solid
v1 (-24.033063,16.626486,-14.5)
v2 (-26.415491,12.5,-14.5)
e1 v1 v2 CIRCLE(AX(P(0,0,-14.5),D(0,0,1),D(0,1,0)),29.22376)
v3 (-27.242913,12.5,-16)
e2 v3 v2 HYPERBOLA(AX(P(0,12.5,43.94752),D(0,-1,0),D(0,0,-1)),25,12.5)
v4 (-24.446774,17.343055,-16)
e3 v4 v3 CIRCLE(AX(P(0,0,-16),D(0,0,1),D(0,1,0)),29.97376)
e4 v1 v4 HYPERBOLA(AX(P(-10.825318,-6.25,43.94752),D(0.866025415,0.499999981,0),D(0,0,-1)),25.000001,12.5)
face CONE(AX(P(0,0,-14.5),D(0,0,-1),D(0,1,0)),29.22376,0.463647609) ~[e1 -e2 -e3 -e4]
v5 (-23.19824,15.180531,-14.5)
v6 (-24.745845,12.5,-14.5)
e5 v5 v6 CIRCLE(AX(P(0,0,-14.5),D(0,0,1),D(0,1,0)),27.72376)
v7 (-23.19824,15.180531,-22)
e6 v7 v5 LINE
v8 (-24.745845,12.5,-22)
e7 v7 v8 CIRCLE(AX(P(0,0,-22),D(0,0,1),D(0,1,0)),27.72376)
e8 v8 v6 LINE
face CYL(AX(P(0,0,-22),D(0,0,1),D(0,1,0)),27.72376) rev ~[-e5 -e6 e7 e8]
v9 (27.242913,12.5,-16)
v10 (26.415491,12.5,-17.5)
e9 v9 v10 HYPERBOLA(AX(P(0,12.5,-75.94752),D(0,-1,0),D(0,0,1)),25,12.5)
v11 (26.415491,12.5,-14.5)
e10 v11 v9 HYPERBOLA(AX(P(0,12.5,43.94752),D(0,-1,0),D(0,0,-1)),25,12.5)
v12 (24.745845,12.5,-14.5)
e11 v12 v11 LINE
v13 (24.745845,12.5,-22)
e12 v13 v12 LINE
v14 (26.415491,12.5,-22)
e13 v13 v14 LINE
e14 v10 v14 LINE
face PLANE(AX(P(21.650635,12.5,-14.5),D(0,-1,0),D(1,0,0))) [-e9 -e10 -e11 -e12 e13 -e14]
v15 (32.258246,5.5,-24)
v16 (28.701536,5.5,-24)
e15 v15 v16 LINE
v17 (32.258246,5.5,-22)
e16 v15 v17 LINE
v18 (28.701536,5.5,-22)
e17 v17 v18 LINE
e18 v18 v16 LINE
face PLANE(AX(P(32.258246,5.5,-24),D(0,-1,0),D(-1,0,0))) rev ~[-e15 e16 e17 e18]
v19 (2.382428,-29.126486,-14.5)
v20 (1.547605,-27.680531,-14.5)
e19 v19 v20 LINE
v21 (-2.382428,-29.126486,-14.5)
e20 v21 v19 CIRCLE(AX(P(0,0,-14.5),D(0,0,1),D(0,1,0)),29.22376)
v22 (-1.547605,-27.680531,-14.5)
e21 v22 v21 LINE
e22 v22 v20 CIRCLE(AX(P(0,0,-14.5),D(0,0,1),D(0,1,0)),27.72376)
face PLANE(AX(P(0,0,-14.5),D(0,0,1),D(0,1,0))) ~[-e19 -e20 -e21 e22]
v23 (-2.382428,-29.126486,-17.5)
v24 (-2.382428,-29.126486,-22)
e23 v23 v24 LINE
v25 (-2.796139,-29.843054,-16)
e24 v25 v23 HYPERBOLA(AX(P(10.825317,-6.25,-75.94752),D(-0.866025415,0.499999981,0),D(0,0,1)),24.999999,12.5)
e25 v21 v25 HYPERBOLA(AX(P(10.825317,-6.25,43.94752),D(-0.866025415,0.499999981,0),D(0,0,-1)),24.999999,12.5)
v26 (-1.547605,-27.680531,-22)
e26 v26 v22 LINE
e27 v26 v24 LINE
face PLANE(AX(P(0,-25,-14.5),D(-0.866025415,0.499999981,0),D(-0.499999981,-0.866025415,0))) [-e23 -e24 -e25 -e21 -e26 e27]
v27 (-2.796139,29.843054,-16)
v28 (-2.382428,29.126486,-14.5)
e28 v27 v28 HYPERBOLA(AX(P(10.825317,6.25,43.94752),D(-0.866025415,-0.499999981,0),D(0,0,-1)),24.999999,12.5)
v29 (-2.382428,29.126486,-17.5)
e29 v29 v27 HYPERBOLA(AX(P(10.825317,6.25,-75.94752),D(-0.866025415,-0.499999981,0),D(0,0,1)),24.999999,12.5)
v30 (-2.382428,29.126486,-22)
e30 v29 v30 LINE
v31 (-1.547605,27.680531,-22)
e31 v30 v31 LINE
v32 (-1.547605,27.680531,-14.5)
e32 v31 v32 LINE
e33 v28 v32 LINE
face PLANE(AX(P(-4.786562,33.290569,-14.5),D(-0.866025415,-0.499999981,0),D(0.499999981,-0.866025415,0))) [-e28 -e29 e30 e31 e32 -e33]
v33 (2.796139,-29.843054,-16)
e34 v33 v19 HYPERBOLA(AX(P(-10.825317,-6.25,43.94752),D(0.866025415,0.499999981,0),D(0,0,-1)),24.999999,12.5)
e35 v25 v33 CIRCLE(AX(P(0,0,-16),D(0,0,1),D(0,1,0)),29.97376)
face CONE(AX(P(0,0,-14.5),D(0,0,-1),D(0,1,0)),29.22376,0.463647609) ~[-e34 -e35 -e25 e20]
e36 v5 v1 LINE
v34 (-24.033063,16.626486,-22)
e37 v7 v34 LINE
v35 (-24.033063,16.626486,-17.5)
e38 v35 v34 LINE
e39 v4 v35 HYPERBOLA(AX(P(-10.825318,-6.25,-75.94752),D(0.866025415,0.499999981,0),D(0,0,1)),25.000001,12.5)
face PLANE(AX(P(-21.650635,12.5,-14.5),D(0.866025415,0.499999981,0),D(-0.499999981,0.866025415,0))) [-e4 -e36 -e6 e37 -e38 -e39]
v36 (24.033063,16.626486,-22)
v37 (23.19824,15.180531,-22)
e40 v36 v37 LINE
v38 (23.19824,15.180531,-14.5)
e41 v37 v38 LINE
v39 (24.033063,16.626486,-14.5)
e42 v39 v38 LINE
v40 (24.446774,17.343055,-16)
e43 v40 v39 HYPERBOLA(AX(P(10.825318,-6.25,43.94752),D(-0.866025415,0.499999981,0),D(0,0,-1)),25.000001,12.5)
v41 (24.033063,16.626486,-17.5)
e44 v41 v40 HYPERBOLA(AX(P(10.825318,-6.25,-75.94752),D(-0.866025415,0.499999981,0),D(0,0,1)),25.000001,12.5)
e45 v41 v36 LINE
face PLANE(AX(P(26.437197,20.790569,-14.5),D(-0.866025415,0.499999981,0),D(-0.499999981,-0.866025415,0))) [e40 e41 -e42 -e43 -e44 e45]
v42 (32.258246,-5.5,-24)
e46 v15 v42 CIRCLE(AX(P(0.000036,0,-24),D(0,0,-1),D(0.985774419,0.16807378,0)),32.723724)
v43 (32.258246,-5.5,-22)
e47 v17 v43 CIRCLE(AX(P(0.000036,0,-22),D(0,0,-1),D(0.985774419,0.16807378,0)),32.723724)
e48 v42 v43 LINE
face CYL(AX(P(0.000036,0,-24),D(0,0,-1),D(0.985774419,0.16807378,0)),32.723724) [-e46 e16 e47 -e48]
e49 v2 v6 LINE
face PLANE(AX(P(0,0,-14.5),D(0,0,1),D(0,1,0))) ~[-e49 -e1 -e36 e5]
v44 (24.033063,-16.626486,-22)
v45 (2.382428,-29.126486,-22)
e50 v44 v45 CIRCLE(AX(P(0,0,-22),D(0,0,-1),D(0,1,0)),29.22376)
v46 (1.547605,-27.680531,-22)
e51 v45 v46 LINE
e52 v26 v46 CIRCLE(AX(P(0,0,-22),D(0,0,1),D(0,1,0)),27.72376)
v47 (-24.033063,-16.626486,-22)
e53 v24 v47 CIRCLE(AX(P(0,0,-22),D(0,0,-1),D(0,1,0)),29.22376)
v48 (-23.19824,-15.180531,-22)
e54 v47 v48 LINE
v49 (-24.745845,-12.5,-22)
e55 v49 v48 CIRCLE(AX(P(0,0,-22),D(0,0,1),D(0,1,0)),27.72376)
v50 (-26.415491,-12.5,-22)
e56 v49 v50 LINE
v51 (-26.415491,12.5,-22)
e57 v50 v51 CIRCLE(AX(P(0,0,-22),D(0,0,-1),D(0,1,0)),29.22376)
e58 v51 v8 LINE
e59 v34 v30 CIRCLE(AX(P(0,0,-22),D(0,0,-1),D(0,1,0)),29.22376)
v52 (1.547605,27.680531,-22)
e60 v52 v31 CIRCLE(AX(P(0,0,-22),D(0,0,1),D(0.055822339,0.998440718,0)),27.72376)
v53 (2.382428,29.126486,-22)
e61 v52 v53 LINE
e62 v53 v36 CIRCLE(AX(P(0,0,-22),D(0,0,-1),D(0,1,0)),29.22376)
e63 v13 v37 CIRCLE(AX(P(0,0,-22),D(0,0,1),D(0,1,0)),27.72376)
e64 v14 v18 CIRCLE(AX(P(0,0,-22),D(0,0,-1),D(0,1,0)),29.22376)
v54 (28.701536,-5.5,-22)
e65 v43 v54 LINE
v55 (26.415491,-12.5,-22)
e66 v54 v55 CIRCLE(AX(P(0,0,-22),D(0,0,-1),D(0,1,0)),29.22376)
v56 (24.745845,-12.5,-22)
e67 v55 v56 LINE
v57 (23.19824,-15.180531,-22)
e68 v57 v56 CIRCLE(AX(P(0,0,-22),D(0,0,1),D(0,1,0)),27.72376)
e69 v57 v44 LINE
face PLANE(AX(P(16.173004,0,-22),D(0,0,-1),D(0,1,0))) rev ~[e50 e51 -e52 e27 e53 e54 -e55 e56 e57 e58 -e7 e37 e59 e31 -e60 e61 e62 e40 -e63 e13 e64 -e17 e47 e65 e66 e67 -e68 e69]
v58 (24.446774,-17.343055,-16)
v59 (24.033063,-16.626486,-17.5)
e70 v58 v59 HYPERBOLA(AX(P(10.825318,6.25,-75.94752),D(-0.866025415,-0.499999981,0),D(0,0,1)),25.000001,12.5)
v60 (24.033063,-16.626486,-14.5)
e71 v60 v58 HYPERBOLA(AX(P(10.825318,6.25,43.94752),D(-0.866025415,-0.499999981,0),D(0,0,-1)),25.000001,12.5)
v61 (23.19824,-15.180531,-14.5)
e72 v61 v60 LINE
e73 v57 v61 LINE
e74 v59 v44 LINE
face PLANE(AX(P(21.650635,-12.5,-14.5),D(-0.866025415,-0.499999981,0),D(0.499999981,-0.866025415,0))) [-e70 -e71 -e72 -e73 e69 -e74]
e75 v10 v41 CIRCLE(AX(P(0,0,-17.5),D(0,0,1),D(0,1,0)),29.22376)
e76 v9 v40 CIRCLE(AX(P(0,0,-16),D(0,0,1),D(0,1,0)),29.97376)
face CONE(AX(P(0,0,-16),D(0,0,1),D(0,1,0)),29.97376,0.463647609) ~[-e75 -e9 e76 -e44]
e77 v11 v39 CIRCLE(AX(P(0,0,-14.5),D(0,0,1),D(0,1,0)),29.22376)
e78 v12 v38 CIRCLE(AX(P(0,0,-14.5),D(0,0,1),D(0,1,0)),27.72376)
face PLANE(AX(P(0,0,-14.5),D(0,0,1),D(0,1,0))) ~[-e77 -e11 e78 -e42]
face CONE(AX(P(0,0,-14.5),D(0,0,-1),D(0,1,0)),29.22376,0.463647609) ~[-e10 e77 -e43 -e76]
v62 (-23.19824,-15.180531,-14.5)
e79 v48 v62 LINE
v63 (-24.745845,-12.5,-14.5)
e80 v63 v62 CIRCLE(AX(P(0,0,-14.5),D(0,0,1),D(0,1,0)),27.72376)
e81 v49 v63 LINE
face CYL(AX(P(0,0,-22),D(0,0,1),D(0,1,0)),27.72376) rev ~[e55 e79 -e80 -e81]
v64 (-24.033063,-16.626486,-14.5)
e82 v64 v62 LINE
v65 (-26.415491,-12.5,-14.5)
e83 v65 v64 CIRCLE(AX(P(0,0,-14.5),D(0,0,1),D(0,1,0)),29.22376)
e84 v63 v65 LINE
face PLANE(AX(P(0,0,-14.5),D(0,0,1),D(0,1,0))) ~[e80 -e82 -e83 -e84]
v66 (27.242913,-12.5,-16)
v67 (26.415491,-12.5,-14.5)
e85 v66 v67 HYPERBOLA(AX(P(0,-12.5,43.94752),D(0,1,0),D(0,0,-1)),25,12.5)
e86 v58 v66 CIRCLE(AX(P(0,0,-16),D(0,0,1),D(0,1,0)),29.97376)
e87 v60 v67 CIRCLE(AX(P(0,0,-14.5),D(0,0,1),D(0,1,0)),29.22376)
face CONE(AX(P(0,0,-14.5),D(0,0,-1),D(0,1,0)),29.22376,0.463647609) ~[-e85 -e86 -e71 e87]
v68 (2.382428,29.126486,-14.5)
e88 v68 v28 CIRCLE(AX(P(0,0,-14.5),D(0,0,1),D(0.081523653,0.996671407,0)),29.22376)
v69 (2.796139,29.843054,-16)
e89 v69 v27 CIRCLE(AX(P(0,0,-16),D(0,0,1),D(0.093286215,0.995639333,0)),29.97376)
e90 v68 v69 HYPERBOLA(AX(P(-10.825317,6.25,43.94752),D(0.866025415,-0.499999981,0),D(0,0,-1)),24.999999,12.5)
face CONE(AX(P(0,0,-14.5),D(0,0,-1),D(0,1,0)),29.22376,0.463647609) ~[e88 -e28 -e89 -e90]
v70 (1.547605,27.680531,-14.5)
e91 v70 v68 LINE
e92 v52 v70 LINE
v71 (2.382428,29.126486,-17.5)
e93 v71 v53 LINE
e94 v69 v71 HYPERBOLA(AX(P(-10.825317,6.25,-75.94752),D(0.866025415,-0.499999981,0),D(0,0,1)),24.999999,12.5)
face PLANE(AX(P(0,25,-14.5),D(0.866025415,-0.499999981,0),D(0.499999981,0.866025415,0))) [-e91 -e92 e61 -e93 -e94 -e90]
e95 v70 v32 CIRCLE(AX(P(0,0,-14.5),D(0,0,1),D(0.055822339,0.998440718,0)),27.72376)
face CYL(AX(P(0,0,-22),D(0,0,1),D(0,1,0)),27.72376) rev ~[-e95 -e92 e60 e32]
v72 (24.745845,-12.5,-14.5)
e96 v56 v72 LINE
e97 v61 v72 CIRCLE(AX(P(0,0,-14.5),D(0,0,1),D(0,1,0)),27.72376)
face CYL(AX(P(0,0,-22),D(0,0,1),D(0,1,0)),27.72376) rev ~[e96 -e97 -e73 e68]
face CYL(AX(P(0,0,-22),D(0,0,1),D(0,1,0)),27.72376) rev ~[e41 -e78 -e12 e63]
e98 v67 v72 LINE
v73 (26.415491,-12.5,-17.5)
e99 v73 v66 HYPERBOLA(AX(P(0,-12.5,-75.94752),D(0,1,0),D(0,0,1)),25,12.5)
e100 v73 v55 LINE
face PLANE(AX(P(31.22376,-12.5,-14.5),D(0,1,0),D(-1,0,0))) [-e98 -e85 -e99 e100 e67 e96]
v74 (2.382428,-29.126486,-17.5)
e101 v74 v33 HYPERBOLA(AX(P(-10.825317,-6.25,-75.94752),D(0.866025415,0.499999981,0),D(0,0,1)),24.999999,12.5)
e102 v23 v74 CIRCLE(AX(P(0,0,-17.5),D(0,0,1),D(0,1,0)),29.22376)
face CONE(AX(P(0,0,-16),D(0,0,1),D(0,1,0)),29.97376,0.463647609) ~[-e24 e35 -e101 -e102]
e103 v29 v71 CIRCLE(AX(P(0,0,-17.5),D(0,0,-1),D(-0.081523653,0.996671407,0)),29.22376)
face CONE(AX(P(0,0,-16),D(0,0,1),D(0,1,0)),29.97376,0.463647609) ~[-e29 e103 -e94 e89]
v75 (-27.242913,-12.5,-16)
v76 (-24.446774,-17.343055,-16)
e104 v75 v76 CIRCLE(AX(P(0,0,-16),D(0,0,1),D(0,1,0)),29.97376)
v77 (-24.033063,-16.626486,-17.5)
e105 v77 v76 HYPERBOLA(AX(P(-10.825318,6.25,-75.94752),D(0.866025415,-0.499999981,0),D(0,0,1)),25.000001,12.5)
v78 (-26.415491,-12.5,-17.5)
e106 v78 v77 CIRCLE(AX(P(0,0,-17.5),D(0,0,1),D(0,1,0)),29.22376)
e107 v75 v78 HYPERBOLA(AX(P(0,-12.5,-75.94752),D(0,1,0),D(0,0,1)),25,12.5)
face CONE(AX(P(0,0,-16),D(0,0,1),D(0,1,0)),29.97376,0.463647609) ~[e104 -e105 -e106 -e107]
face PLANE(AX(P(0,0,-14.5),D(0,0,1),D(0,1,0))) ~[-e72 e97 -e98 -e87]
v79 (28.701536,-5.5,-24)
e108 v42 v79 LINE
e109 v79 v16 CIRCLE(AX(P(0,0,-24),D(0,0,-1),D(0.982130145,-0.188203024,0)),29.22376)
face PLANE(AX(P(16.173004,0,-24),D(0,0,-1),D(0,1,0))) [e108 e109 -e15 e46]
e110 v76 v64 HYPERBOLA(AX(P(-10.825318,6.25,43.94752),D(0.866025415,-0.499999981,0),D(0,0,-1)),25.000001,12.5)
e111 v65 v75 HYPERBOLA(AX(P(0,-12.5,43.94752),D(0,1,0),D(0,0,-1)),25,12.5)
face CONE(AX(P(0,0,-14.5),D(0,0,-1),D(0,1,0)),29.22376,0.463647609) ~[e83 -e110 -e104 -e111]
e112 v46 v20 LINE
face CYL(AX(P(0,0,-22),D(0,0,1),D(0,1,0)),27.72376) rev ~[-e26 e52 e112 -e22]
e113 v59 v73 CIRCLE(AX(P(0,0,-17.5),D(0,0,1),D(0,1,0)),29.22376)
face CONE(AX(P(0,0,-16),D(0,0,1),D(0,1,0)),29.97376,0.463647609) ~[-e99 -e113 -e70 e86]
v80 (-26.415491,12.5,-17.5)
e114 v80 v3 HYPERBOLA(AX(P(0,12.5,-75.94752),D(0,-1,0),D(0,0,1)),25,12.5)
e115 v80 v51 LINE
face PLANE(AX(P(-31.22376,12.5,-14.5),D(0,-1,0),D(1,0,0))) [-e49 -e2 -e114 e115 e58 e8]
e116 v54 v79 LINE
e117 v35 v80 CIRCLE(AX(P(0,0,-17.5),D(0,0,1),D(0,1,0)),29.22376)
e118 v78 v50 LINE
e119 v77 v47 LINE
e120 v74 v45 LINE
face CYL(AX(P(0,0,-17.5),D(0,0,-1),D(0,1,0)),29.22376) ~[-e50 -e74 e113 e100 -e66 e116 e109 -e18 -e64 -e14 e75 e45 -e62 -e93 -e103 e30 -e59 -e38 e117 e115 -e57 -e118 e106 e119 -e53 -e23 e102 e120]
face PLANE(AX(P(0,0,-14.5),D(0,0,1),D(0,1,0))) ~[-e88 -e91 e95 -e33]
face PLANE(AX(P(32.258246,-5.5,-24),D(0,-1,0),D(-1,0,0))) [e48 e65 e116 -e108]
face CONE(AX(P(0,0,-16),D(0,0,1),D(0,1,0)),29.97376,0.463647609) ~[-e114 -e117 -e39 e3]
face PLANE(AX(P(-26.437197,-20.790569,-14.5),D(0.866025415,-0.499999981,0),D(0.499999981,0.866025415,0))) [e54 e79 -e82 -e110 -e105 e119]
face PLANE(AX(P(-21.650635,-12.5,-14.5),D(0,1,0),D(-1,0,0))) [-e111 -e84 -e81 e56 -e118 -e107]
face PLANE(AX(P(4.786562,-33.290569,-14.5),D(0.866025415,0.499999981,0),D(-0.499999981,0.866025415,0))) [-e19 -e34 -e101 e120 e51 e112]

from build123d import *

# Parameters (mm, degrees)
POCKET002_DEPTH = 7.5
PAD001_DEPTH    = 2


with BuildPart() as part:
    # Sketch004 → Revolution001 (revolve)
    with BuildSketch(Plane.YZ):
        Polygon((0, -22), (27.72376, -22), (27.72376, -14.5), (29.22376, -14.5), (29.97376, -16), (29.22376, -17.5), (29.22376, -24), (0, -24), align=None)
    revolve(axis=Axis((0, 0, 0), (0, 0, 1)))

    # Sketch005 (on Face3 of Revolution001) → Pocket002 (cut)
    with BuildSketch(Plane(origin=(0, 0, -14.5), x_dir=(0, -1, 0), z_dir=(0, 0, 1))):
        Polygon((-12.5, 31.22376), (12.5, 31.22376), (12.5, 21.650635), (20.790569, 26.437197), (33.290569, 4.786562), (25, 0), (33.290569, -4.786562), (20.790569, -26.437197), (12.5, -21.650635), (12.5, -31.22376), (-12.5, -31.22376), (-12.5, -21.650635), (-20.790569, -26.437197), (-33.290569, -4.786562), (-25, 0), (-33.290569, 4.786562), (-20.790569, 26.437197), (-12.5, 21.650635), align=None)
    extrude(amount=-POCKET002_DEPTH, mode=Mode.SUBTRACT)

    # Sketch006 (on Face39 of Pocket002) → Pad001 (join)
    with BuildSketch(Plane.YX.offset(24)):
        with BuildLine():
            ThreePointArc((5.5, 32.258246), (0, 32.72376), (-5.5, 32.258246))
            Line((-5.5, 32.258246), (-5.5, 0))
            Line((5.5, 0), (-5.5, 0))
            Line((5.5, 32.258246), (5.5, 0))
        make_face()
    extrude(amount=-PAD001_DEPTH)


solid = part.part
